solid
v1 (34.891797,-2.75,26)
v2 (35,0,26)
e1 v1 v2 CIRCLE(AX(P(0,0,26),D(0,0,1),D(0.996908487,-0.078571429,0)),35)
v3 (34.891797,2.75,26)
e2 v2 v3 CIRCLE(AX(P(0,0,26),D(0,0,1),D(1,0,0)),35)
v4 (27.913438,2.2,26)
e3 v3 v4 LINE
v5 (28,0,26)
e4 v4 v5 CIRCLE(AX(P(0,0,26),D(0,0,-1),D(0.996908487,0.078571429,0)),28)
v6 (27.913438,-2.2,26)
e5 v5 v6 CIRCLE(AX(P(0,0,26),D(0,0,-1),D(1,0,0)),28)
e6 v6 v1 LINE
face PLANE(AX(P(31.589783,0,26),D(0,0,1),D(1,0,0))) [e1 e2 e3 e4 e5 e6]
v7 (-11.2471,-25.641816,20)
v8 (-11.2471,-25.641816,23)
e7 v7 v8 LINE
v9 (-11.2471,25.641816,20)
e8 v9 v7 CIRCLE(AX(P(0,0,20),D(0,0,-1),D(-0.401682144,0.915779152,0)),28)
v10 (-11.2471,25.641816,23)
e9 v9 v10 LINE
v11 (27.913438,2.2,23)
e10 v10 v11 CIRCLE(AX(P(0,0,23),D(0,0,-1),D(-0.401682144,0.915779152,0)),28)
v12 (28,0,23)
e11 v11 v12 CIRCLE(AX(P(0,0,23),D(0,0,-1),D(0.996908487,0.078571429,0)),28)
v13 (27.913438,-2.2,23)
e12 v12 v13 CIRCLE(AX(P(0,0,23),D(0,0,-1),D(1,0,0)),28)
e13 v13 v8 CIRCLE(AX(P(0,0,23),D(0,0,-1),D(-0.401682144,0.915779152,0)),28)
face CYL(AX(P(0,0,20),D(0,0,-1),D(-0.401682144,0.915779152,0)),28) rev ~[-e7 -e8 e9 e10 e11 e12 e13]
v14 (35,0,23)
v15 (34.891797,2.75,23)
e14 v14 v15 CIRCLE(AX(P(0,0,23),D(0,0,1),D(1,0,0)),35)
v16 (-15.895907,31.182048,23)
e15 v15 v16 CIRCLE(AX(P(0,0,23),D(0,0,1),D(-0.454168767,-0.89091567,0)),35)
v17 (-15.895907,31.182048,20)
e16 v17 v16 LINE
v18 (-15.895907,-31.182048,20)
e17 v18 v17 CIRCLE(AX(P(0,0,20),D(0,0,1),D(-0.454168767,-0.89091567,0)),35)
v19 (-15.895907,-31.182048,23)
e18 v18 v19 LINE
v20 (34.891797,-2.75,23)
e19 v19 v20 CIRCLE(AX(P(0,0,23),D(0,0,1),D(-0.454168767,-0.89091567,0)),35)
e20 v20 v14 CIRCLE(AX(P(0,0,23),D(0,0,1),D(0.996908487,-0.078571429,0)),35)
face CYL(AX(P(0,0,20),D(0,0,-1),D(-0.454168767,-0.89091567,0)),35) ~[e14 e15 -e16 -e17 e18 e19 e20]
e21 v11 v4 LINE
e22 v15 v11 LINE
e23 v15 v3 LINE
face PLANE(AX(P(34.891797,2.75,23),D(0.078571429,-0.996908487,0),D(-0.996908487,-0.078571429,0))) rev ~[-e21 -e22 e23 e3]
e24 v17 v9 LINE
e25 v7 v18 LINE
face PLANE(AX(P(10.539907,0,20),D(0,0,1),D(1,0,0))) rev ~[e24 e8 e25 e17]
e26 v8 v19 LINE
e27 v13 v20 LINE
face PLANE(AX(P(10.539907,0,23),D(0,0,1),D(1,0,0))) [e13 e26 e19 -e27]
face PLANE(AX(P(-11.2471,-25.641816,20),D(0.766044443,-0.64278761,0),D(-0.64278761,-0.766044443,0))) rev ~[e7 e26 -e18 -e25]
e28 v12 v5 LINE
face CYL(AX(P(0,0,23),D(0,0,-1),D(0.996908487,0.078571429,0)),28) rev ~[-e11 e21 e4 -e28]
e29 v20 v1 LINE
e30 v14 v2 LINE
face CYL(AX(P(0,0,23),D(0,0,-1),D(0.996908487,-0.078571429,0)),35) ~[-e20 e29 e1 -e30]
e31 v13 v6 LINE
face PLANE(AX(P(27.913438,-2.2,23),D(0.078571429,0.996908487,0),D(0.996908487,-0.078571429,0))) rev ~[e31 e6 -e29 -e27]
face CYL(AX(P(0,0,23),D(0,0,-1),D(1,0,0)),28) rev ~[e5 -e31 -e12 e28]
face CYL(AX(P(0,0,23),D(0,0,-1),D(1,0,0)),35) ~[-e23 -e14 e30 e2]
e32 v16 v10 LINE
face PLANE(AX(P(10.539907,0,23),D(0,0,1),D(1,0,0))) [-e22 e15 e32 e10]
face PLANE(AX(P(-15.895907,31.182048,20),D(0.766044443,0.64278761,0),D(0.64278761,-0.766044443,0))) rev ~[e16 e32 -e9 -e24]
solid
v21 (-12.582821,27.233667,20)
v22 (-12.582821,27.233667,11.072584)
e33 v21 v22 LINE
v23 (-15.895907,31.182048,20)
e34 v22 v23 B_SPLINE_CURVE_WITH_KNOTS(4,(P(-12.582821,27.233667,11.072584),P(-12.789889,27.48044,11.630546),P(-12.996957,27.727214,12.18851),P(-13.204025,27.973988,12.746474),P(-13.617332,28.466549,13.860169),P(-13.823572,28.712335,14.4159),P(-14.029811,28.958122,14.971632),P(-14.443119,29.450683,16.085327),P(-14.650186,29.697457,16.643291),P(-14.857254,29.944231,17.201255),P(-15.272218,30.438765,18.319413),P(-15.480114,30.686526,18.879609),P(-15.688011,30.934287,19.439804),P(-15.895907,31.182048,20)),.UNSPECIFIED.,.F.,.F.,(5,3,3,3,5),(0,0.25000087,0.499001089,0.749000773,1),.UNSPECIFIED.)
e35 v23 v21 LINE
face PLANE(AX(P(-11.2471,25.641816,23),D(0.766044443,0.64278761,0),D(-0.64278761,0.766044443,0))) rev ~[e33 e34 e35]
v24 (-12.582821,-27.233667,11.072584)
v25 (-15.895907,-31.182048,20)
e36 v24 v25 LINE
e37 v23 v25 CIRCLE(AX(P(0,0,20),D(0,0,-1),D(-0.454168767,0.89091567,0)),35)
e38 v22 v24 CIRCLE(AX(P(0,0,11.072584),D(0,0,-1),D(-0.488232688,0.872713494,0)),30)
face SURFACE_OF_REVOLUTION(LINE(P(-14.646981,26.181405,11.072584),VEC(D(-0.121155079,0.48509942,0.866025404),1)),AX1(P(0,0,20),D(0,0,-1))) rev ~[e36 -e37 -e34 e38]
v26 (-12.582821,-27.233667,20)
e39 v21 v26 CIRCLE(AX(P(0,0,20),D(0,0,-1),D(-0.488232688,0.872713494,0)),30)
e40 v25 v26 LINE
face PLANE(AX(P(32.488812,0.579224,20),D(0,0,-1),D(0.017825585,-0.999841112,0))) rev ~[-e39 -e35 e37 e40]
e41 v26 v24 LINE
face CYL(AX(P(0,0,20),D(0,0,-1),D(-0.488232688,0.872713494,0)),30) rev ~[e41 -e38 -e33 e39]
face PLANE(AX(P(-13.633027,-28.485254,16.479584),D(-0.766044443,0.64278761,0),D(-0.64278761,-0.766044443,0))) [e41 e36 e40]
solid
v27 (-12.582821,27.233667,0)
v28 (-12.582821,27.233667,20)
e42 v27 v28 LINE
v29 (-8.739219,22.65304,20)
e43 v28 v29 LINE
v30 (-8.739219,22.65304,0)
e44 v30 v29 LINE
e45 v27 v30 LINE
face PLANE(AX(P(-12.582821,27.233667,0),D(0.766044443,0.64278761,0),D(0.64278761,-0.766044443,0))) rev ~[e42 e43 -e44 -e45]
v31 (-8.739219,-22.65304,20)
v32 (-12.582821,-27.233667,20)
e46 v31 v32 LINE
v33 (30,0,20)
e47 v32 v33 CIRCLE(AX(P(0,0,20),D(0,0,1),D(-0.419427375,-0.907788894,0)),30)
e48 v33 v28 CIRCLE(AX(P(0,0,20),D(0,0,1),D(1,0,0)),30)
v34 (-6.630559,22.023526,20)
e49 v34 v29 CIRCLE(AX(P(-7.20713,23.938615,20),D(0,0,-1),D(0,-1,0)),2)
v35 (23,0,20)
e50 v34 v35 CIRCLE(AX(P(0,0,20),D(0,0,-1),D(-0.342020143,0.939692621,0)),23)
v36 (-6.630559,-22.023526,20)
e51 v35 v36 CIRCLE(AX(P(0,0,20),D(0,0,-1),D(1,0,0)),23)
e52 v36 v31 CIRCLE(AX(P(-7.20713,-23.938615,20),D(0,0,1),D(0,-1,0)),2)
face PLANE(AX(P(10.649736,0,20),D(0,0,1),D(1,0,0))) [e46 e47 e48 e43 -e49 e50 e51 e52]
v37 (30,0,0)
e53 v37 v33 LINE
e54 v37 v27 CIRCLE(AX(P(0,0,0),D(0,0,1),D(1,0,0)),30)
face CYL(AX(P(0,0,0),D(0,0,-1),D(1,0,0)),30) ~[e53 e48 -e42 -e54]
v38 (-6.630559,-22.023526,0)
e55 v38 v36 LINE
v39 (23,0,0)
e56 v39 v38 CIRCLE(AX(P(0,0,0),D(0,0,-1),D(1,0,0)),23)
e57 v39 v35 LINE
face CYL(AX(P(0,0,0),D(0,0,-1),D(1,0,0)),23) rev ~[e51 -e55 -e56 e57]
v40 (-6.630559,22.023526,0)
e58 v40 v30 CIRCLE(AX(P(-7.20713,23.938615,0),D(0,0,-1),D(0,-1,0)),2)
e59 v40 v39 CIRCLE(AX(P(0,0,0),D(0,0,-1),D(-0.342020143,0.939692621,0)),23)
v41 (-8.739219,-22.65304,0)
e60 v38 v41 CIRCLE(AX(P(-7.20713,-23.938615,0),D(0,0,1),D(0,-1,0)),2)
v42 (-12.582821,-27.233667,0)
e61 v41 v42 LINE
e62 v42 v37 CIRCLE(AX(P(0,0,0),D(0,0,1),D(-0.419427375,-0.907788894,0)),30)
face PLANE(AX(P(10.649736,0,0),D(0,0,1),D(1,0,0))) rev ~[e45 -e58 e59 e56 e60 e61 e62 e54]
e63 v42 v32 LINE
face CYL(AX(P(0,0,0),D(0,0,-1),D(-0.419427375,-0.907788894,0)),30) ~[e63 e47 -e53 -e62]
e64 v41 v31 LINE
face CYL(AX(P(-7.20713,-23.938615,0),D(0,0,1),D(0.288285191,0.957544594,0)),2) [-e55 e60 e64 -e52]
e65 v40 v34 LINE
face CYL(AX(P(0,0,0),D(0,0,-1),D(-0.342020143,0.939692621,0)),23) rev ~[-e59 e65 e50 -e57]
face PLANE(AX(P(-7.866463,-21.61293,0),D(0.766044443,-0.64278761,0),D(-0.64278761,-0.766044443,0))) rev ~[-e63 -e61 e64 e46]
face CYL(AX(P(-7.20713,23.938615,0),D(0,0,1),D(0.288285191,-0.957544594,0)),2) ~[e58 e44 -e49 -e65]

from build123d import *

# Parameters (mm, degrees)
F1_DEPTH  = 20
F3_DEPTH  = 3
F7_DEPTH  = 3
F8_R      = 2
F9_R      = 2
F11_DEPTH = 25


with BuildPart() as f1:
    # F0 (on Top) → F1 (new body)
    with BuildSketch(Plane.XY):
        with BuildLine():
            ThreePointArc((-7.8664632965, 21.6129302781), (13.1922580361, 18.8404970186), (23, 0))
            ThreePointArc((23, 0), (13.1922580361, -18.8404970186), (-7.8664632965, -21.6129302781))
            Line((-7.8664632965, -21.6129302781), (-12.5828212645, -27.2336668304))
            ThreePointArc((-12.5828212645, -27.2336668304), (16.1634674817, -25.2733519535), (30, 0))
            ThreePointArc((30, 0), (16.1634674817, 25.2733519535), (-12.5828212645, 27.2336668304))
            Line((-12.5828212645, 27.2336668304), (-7.8664632965, 21.6129302781))
        make_face()
    extrude(amount=F1_DEPTH)

    # F8
    f8_edges = [f1.edges().sort_by_distance(p)[0] for p in [
        (-7.866463, 21.61293, 10),
    ]]
    fillet(f8_edges, radius=F8_R)

    # F9
    f9_edges = [f1.edges().sort_by_distance(p)[0] for p in [
        (-7.866463, -21.61293, 10),
    ]]
    fillet(f9_edges, radius=F9_R)


with BuildPart() as f3:
    # F2 (on face) → F3 (new body)
    with BuildSketch(Plane.XY.offset(20)):
        with BuildLine():
            Line((-15.8959068315, 31.1820484575), (-11.2471000335, 25.6418162546))
            ThreePointArc((-11.2471000335, 25.6418162546), (28, 0), (-11.2471000335, -25.6418162546))
            Line((-11.2471000335, -25.6418162546), (-15.8959068315, -31.1820484575))
            ThreePointArc((-15.8959068315, -31.1820484575), (35, 0), (-15.8959068315, 31.1820484575))
        make_face()
    extrude(amount=F3_DEPTH)

    # F6 (on face) → F7 (join)
    with BuildSketch(Plane.XY.offset(23)):
        with BuildLine():
            Line((34.8917970302, 2.75), (27.9134376242, 2.2))
            ThreePointArc((27.9134376242, 2.2), (27.9783510368, 1.1008511531), (28, 0))
            ThreePointArc((28, 0), (27.9783510368, -1.1008511531), (27.9134376242, -2.2))
            Line((27.9134376242, -2.2), (34.8917970302, -2.75))
            ThreePointArc((34.8917970302, -2.75), (34.972938796, -1.3760639413), (35, 0))
            ThreePointArc((35, 0), (34.972938796, 1.3760639413), (34.8917970302, 2.75))
        make_face()
    extrude(amount=F7_DEPTH)


with BuildPart() as f5:
    # F5: sweep along a path in F5_path
    with BuildLine(Plane(origin=(-15.8959068315, 31.1820484575, 20), x_dir=(0, -1, 0), z_dir=(0, 0, -1))) as f5_path:
        ThreePointArc((0, 0), (31.1820484575, -50.8959068315), (62.3640969149, 0))
    # F4 (on face) → F5 (sweep)
    with BuildSketch(Plane(origin=(6.0260604953, -5.056465139, 0), x_dir=(-0.6427876097, -0.7660444431, 0), z_dir=(-0.7660444431, 0.6427876097, 0))):
        Polygon((34.1045269019, 20), (28.9502807448, 20), (28.9502807448, 11.0725837812), align=None)
    sweep(path=f5_path.line)

    # F10 (on face) → F11 (cut)
    with BuildSketch(Plane.XY.offset(23)):
        Polygon((-21.7447763936, 19.3639848703), (-11.2471000335, 25.6418162546), (-15.8959068315, 31.1820484575), (-25.9897373727, 26.0364407186), align=None)
    extrude(amount=-F11_DEPTH, mode=Mode.SUBTRACT)


solid = Compound([f1.part, f3.part, f5.part])
